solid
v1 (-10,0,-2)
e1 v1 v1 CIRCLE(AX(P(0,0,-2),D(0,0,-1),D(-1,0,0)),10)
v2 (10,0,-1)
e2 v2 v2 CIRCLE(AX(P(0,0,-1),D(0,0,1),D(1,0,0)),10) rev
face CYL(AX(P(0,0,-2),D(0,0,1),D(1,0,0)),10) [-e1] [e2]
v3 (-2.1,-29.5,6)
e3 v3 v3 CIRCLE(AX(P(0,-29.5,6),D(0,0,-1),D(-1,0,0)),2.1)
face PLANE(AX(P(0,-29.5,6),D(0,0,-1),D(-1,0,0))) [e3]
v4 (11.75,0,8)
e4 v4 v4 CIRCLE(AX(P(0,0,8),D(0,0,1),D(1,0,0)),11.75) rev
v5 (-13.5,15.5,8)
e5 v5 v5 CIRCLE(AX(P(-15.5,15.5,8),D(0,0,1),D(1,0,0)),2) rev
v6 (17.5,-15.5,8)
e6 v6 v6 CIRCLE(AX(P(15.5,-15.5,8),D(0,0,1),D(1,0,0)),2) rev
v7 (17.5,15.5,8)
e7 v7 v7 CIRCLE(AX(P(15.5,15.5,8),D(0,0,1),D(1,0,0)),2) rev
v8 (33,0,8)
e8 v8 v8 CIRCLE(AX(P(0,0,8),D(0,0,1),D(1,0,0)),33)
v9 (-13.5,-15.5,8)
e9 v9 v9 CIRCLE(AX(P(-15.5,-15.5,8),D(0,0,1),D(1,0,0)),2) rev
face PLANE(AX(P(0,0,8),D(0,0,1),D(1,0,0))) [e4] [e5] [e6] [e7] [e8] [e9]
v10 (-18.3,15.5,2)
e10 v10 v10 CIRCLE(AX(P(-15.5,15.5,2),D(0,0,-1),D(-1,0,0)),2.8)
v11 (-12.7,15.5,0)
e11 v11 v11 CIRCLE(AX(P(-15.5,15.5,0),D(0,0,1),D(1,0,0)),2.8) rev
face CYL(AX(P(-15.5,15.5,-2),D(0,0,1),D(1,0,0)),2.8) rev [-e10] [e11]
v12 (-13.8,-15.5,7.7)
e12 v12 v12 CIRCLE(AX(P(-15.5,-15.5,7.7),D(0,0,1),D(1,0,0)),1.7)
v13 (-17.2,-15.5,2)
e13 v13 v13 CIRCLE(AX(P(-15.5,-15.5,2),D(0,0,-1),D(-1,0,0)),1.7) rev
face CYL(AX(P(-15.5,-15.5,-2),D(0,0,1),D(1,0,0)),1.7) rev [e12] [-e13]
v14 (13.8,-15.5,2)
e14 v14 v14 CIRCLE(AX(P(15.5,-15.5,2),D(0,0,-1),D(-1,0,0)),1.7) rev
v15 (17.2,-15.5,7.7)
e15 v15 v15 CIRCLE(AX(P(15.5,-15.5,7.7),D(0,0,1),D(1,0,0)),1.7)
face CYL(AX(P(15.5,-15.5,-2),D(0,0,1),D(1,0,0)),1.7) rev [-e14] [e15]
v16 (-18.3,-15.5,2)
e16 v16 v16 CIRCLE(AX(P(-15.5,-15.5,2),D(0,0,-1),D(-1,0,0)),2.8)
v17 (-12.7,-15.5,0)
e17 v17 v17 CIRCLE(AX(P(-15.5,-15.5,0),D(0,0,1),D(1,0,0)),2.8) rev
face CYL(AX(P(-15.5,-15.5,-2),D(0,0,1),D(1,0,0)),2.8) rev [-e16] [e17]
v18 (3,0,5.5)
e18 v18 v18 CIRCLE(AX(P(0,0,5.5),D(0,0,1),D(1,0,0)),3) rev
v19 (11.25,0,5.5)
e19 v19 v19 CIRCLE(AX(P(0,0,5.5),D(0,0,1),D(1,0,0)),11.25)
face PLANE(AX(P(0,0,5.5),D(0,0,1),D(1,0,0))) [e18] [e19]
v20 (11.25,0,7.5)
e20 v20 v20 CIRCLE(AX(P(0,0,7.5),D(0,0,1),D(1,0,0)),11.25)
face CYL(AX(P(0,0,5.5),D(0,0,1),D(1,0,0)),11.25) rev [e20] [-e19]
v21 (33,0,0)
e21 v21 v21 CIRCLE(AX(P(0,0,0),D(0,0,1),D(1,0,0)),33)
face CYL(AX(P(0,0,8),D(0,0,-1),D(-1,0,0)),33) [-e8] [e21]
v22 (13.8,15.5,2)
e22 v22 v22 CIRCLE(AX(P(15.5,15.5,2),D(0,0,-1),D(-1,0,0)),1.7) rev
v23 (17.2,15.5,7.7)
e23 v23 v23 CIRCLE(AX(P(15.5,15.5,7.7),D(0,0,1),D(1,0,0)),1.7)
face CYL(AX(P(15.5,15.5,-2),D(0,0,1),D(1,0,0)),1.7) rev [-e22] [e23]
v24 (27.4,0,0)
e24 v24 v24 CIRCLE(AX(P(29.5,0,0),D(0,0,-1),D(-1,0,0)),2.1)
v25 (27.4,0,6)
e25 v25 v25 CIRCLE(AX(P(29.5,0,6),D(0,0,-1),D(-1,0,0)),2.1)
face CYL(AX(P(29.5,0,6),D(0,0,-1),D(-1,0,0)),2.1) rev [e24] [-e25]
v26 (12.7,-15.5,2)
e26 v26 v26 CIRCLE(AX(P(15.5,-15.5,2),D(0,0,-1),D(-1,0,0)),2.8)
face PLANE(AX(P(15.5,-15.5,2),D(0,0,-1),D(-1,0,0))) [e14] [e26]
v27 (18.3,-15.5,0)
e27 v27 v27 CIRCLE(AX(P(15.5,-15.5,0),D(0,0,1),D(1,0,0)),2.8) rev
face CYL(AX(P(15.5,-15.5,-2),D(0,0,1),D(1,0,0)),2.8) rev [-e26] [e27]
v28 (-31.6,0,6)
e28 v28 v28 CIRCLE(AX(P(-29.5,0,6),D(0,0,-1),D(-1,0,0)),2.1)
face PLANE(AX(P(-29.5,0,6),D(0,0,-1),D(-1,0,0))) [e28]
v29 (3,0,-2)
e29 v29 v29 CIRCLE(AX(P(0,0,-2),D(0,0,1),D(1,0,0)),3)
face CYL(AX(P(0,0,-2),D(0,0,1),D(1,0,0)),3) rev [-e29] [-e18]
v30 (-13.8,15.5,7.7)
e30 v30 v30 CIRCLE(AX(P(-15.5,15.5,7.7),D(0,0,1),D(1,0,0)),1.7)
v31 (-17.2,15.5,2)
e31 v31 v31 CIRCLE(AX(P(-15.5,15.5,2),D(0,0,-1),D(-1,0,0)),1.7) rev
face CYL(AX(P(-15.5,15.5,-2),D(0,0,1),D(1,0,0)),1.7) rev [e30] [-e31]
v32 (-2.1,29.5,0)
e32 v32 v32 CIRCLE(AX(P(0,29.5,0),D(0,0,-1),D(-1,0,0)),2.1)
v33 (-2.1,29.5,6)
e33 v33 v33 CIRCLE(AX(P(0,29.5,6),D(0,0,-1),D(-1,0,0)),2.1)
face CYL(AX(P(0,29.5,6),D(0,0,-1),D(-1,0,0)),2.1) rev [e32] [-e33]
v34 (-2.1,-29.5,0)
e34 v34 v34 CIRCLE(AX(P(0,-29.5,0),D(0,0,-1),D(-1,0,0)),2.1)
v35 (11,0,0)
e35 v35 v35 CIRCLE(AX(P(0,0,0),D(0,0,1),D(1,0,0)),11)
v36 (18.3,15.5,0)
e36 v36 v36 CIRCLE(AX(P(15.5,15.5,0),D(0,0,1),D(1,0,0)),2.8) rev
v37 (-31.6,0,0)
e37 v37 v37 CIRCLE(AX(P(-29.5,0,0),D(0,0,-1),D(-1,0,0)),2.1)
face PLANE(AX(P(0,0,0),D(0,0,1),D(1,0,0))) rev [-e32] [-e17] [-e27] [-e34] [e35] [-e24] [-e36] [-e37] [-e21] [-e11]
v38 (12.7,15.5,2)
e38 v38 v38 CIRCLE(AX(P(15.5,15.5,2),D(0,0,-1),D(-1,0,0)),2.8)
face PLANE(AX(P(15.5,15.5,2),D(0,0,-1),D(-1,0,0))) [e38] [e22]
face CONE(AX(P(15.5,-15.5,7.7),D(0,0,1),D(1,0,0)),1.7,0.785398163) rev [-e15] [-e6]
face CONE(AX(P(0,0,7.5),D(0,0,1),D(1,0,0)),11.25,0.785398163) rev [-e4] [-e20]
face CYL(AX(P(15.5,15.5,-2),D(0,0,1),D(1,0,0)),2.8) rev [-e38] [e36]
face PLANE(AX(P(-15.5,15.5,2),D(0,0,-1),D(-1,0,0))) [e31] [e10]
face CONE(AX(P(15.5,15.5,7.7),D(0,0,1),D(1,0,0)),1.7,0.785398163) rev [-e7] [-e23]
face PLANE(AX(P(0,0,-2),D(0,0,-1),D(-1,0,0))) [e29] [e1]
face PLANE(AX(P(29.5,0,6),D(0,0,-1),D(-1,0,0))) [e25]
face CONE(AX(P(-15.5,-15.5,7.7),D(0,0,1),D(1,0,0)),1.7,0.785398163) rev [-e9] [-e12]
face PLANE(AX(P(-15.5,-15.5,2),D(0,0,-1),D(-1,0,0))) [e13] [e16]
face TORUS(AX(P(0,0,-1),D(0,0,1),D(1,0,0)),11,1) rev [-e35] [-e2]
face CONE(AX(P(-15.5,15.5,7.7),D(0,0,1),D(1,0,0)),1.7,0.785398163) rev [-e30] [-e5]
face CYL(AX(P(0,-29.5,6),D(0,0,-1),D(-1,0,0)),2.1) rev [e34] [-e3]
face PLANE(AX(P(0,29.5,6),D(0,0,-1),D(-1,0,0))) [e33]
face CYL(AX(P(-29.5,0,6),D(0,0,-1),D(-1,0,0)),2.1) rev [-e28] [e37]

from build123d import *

# Parameters (mm, degrees)
SKETCH2_R               = 33
BOSS_EXTRUDE1_DEPTH     = 8
SKETCH6_R               = 10
BOSS_EXTRUDE2_DEPTH     = 2
CUT_EXTRUDE1_DEPTH      = 48.728398255
CUT_EXTRUDE1_DEPTH_BACK = 48.728398255
SKETCH3_R               = 1.7
SKETCH3_R_2             = 3
CUT_EXTRUDE2_DEPTH      = 48.349762407
CUT_EXTRUDE2_DEPTH_BACK = 2
SKETCH4_R               = 2.8
SKETCH5_R               = 2.1
CUT_EXTRUDE3_DEPTH      = 6
FILLET1_R               = 1
SKETCH7_R               = 11.25
CUT_EXTRUDE4_DEPTH      = 2.5
CHAMFER1_SIZE           = 0.5
CHAMFER2_SIZE           = 0.3


with BuildPart() as part:
    # Sketch2 → Boss-Extrude1 (new body)
    with BuildSketch(Plane.XY):
        Circle(SKETCH2_R)
    extrude(amount=BOSS_EXTRUDE1_DEPTH)

    # Sketch6 → Boss-Extrude2 (add)
    with BuildSketch(Plane(origin=(0, 0, 0), x_dir=(-1, 0, 0), z_dir=(0, 0, -1))):
        Circle(SKETCH6_R)
    extrude(amount=BOSS_EXTRUDE2_DEPTH)

    # Sketch3 → Cut-Extrude1 (cut, two sides: drawn at the far end of the back side and taken through both)
    with BuildSketch(Plane.XY.offset(8).offset(-CUT_EXTRUDE1_DEPTH_BACK)):
        with Locations((-15.5, 15.5)):
            Circle(SKETCH3_R)
        with Locations((15.5, 15.5)):
            Circle(SKETCH3_R)
        with Locations((15.5, -15.5)):
            Circle(SKETCH3_R)
        with Locations((-15.5, -15.5)):
            Circle(SKETCH3_R)
        Circle(SKETCH3_R_2)
    extrude(amount=CUT_EXTRUDE1_DEPTH + CUT_EXTRUDE1_DEPTH_BACK, mode=Mode.SUBTRACT)

    # Sketch4 → Cut-Extrude2 (cut, two sides: drawn at the far end of the back side and taken through both)
    with BuildSketch(Plane(origin=(0, 0, 0), x_dir=(-1, 0, 0), z_dir=(0, 0, -1)).offset(-CUT_EXTRUDE2_DEPTH_BACK)):
        with Locations(Location((-15.5, 15.5, 0), (0, 0, 180))):
            Circle(SKETCH4_R)
        with Locations(Location((15.5, 15.5, 0), (0, 0, 180))):
            Circle(SKETCH4_R)
        with Locations(Location((15.5, -15.5, 0), (0, 0, 180))):
            Circle(SKETCH4_R)
        with Locations(Location((-15.5, -15.5, 0), (0, 0, 180))):
            Circle(SKETCH4_R)
    extrude(amount=CUT_EXTRUDE2_DEPTH + CUT_EXTRUDE2_DEPTH_BACK, mode=Mode.SUBTRACT)

    # Sketch5 → Cut-Extrude3 (cut)
    with BuildSketch(Plane(origin=(0, 0, 0), x_dir=(-1, 0, 0), z_dir=(0, 0, -1))):
        with Locations((0, 29.5)):
            Circle(SKETCH5_R)
        with Locations((29.5, 0)):
            Circle(SKETCH5_R)
        with Locations((0, -29.5)):
            Circle(SKETCH5_R)
        with Locations((-29.5, 0)):
            Circle(SKETCH5_R)
    extrude(amount=-CUT_EXTRUDE3_DEPTH, mode=Mode.SUBTRACT)

    # Fillet1
    fillet1_edges = [part.edges().sort_by_distance(p)[0] for p in [
        (10, 0, 0),
    ]]
    fillet(fillet1_edges, radius=FILLET1_R)

    # Sketch7 → Cut-Extrude4 (cut)
    with BuildSketch(Plane.XY.offset(8)):
        Circle(SKETCH7_R)
    extrude(amount=-CUT_EXTRUDE4_DEPTH, mode=Mode.SUBTRACT)

    # Chamfer1
    chamfer1_edges = [part.edges().sort_by_distance(p)[0] for p in [
        (-11.25, 0, 8),
    ]]
    chamfer(chamfer1_edges, length=CHAMFER1_SIZE)

    # Chamfer2
    chamfer2_edges = [part.edges().sort_by_distance(p)[0] for p in [
        (-17.2, -15.5, 8),
        (13.8, -15.5, 8),
        (13.8, 15.5, 8),
        (-17.2, 15.5, 8),
    ]]
    chamfer(chamfer2_edges, length=CHAMFER2_SIZE)


solid = part.part
